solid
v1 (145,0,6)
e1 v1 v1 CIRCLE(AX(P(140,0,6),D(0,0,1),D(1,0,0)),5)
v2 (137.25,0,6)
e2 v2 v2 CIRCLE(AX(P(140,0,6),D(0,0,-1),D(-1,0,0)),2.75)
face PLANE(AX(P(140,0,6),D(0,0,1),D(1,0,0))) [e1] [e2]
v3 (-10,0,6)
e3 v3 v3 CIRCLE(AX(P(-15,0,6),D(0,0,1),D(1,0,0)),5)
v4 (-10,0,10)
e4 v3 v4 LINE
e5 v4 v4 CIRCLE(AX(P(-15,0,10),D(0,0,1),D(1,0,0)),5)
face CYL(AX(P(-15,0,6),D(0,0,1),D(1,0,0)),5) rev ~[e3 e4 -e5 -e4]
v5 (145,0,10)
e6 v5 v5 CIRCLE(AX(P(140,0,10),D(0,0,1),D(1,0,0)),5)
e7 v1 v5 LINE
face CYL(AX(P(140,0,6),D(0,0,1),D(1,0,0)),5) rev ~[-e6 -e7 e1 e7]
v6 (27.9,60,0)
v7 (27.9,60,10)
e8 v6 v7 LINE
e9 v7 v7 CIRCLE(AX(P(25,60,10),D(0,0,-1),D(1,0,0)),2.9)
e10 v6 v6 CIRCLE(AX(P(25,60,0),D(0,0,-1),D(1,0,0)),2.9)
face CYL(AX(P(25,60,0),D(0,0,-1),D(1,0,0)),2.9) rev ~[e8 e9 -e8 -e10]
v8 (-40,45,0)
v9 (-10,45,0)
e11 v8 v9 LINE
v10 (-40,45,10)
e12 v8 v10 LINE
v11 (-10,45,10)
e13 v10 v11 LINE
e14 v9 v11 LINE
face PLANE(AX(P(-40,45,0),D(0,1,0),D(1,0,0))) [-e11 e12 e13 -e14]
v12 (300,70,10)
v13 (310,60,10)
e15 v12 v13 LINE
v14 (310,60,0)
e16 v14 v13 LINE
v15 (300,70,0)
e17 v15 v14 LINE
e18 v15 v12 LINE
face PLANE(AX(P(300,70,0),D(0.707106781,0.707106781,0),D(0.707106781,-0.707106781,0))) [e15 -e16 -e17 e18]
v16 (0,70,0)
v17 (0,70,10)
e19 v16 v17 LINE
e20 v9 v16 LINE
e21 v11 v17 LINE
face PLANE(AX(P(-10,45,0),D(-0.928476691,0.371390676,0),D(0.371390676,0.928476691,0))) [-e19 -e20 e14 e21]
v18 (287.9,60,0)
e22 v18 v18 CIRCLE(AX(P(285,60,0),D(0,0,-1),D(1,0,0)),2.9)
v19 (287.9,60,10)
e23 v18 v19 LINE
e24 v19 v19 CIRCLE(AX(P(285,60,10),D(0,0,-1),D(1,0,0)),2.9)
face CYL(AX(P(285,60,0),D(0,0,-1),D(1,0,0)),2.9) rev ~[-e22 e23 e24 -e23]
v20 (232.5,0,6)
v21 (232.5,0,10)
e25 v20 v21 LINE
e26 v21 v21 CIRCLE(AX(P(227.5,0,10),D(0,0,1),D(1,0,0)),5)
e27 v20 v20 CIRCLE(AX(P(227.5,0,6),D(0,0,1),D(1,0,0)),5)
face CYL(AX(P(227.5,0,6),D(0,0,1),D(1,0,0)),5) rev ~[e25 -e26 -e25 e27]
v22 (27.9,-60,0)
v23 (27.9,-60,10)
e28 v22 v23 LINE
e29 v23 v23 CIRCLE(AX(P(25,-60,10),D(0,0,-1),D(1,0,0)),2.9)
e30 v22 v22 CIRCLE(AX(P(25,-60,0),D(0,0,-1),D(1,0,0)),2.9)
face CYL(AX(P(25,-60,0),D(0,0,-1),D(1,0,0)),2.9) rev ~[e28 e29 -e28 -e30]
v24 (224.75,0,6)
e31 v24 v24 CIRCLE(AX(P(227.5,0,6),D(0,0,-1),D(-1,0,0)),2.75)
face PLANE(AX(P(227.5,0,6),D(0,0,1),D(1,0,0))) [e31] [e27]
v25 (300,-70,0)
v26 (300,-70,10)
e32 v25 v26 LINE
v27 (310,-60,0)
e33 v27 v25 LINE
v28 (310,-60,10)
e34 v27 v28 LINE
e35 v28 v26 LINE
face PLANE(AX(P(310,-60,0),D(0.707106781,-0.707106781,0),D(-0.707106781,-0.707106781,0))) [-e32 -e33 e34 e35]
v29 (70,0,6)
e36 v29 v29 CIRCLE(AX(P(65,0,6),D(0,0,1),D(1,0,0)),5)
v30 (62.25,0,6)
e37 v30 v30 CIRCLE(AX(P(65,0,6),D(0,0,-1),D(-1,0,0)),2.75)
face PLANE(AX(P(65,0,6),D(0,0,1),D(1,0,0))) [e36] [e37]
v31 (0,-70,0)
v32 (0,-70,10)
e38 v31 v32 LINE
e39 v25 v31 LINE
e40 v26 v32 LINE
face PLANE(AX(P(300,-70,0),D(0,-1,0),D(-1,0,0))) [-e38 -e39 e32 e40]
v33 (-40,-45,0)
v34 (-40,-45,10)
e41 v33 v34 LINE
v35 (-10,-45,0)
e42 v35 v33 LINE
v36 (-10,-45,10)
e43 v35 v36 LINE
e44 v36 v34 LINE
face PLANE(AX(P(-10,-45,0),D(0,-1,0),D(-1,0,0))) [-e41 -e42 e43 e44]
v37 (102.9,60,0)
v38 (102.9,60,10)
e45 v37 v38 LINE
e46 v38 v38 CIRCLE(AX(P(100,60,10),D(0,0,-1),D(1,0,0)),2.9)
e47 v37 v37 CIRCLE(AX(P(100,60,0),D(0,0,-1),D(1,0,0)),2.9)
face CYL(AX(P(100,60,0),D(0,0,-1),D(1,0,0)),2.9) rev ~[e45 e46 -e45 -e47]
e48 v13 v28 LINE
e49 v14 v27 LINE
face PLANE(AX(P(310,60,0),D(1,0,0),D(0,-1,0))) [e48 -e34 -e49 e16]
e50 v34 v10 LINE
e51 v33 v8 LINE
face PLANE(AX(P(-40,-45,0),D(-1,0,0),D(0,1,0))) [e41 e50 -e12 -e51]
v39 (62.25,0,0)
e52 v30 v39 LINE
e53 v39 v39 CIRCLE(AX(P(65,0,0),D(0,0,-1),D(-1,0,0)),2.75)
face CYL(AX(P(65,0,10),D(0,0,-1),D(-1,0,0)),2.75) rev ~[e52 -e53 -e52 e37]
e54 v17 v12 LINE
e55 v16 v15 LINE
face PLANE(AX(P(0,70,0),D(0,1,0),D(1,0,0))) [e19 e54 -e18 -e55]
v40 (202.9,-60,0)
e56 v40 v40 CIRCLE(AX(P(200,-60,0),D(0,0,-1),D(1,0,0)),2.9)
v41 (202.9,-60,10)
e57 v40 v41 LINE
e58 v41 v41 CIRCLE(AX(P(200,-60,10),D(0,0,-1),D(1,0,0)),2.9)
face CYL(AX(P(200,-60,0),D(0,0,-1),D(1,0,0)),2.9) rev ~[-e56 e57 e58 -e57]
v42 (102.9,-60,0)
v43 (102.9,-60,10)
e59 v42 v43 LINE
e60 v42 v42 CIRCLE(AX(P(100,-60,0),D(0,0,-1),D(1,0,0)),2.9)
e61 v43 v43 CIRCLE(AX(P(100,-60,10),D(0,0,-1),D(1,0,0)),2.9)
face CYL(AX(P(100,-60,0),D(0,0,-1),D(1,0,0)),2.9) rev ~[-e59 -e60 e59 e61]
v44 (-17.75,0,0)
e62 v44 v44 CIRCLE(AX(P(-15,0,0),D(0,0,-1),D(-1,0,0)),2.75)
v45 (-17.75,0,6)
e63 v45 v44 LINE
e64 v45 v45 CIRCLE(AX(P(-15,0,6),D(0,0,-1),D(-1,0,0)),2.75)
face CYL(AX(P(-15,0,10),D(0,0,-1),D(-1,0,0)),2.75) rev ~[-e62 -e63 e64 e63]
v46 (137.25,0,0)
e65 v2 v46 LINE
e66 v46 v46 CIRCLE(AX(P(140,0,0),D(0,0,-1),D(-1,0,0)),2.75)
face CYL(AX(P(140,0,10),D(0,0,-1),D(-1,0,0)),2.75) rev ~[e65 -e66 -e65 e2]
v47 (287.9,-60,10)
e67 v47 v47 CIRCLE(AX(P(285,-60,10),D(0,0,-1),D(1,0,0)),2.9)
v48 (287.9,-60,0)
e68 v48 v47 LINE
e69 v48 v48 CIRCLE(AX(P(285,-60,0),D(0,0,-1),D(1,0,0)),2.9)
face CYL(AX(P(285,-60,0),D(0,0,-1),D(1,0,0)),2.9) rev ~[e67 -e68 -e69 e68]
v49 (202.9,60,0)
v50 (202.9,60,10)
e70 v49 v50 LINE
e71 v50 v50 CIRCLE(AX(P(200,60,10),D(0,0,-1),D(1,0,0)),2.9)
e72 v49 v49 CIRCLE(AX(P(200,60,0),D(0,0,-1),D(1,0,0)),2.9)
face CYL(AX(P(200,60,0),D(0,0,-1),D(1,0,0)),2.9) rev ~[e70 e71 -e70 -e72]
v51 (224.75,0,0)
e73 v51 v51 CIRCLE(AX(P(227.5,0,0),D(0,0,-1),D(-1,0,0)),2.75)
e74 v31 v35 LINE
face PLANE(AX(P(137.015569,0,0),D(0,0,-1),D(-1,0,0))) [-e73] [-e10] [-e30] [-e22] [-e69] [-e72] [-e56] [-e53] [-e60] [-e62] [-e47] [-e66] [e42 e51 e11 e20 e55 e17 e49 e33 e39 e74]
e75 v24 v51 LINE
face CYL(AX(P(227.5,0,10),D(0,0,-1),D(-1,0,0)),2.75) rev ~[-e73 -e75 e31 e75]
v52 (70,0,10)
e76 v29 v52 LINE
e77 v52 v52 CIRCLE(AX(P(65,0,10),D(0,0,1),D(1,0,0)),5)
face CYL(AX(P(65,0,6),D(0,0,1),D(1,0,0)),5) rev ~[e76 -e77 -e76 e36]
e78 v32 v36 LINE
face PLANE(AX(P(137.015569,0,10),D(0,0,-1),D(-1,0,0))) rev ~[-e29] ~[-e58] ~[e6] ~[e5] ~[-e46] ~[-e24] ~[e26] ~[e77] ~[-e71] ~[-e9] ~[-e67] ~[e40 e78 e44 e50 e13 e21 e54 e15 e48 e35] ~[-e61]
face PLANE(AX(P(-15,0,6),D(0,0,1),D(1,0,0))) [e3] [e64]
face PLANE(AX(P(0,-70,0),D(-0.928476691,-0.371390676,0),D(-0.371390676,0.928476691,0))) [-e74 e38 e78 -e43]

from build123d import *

# Parameters (mm, degrees)
PAD_DEPTH           = 10
HOLE004_D           = 5.5
HOLE004_DEPTH       = 25
HOLE004_CBORE_D     = 10
HOLE004_CBORE_DEPTH = 4
SKETCH010_R         = 2.9
HOLE005_DEPTH       = 25


with BuildPart() as part:
    # Sketch → Pad (new body)
    with BuildSketch(Plane.XY):
        Polygon((0, 70), (300, 70), (310, 60), (310, -60), (300, -70), (0, -70), (-10, -45), (-40, -45), (-40, 45), (-10, 45), align=None)
    extrude(amount=PAD_DEPTH)

    # Hole004
    with Locations(Plane.XY.offset(10)):
        with Locations((-15, 0), (65, 0), (140, 0), (227.5, 0)):
            CounterBoreHole(HOLE004_D / 2, HOLE004_CBORE_D / 2, HOLE004_CBORE_DEPTH, depth=HOLE004_DEPTH)

    # Sketch010 (on Face4 of Hole004) → Hole005 (cut)
    with BuildSketch(Plane(origin=(0, 0, 0), x_dir=(1, 0, 0), z_dir=(0, 0, -1))):
        with Locations((25, 60)):
            Circle(SKETCH010_R)
        with Locations((100, 60)):
            Circle(SKETCH010_R)
        with Locations((200, 60)):
            Circle(SKETCH010_R)
        with Locations((285, 60)):
            Circle(SKETCH010_R)
        with Locations((25, -60)):
            Circle(SKETCH010_R)
        with Locations((100, -60)):
            Circle(SKETCH010_R)
        with Locations((200, -60)):
            Circle(SKETCH010_R)
        with Locations((285, -60)):
            Circle(SKETCH010_R)
    extrude(amount=-HOLE005_DEPTH, mode=Mode.SUBTRACT)


solid = part.part
